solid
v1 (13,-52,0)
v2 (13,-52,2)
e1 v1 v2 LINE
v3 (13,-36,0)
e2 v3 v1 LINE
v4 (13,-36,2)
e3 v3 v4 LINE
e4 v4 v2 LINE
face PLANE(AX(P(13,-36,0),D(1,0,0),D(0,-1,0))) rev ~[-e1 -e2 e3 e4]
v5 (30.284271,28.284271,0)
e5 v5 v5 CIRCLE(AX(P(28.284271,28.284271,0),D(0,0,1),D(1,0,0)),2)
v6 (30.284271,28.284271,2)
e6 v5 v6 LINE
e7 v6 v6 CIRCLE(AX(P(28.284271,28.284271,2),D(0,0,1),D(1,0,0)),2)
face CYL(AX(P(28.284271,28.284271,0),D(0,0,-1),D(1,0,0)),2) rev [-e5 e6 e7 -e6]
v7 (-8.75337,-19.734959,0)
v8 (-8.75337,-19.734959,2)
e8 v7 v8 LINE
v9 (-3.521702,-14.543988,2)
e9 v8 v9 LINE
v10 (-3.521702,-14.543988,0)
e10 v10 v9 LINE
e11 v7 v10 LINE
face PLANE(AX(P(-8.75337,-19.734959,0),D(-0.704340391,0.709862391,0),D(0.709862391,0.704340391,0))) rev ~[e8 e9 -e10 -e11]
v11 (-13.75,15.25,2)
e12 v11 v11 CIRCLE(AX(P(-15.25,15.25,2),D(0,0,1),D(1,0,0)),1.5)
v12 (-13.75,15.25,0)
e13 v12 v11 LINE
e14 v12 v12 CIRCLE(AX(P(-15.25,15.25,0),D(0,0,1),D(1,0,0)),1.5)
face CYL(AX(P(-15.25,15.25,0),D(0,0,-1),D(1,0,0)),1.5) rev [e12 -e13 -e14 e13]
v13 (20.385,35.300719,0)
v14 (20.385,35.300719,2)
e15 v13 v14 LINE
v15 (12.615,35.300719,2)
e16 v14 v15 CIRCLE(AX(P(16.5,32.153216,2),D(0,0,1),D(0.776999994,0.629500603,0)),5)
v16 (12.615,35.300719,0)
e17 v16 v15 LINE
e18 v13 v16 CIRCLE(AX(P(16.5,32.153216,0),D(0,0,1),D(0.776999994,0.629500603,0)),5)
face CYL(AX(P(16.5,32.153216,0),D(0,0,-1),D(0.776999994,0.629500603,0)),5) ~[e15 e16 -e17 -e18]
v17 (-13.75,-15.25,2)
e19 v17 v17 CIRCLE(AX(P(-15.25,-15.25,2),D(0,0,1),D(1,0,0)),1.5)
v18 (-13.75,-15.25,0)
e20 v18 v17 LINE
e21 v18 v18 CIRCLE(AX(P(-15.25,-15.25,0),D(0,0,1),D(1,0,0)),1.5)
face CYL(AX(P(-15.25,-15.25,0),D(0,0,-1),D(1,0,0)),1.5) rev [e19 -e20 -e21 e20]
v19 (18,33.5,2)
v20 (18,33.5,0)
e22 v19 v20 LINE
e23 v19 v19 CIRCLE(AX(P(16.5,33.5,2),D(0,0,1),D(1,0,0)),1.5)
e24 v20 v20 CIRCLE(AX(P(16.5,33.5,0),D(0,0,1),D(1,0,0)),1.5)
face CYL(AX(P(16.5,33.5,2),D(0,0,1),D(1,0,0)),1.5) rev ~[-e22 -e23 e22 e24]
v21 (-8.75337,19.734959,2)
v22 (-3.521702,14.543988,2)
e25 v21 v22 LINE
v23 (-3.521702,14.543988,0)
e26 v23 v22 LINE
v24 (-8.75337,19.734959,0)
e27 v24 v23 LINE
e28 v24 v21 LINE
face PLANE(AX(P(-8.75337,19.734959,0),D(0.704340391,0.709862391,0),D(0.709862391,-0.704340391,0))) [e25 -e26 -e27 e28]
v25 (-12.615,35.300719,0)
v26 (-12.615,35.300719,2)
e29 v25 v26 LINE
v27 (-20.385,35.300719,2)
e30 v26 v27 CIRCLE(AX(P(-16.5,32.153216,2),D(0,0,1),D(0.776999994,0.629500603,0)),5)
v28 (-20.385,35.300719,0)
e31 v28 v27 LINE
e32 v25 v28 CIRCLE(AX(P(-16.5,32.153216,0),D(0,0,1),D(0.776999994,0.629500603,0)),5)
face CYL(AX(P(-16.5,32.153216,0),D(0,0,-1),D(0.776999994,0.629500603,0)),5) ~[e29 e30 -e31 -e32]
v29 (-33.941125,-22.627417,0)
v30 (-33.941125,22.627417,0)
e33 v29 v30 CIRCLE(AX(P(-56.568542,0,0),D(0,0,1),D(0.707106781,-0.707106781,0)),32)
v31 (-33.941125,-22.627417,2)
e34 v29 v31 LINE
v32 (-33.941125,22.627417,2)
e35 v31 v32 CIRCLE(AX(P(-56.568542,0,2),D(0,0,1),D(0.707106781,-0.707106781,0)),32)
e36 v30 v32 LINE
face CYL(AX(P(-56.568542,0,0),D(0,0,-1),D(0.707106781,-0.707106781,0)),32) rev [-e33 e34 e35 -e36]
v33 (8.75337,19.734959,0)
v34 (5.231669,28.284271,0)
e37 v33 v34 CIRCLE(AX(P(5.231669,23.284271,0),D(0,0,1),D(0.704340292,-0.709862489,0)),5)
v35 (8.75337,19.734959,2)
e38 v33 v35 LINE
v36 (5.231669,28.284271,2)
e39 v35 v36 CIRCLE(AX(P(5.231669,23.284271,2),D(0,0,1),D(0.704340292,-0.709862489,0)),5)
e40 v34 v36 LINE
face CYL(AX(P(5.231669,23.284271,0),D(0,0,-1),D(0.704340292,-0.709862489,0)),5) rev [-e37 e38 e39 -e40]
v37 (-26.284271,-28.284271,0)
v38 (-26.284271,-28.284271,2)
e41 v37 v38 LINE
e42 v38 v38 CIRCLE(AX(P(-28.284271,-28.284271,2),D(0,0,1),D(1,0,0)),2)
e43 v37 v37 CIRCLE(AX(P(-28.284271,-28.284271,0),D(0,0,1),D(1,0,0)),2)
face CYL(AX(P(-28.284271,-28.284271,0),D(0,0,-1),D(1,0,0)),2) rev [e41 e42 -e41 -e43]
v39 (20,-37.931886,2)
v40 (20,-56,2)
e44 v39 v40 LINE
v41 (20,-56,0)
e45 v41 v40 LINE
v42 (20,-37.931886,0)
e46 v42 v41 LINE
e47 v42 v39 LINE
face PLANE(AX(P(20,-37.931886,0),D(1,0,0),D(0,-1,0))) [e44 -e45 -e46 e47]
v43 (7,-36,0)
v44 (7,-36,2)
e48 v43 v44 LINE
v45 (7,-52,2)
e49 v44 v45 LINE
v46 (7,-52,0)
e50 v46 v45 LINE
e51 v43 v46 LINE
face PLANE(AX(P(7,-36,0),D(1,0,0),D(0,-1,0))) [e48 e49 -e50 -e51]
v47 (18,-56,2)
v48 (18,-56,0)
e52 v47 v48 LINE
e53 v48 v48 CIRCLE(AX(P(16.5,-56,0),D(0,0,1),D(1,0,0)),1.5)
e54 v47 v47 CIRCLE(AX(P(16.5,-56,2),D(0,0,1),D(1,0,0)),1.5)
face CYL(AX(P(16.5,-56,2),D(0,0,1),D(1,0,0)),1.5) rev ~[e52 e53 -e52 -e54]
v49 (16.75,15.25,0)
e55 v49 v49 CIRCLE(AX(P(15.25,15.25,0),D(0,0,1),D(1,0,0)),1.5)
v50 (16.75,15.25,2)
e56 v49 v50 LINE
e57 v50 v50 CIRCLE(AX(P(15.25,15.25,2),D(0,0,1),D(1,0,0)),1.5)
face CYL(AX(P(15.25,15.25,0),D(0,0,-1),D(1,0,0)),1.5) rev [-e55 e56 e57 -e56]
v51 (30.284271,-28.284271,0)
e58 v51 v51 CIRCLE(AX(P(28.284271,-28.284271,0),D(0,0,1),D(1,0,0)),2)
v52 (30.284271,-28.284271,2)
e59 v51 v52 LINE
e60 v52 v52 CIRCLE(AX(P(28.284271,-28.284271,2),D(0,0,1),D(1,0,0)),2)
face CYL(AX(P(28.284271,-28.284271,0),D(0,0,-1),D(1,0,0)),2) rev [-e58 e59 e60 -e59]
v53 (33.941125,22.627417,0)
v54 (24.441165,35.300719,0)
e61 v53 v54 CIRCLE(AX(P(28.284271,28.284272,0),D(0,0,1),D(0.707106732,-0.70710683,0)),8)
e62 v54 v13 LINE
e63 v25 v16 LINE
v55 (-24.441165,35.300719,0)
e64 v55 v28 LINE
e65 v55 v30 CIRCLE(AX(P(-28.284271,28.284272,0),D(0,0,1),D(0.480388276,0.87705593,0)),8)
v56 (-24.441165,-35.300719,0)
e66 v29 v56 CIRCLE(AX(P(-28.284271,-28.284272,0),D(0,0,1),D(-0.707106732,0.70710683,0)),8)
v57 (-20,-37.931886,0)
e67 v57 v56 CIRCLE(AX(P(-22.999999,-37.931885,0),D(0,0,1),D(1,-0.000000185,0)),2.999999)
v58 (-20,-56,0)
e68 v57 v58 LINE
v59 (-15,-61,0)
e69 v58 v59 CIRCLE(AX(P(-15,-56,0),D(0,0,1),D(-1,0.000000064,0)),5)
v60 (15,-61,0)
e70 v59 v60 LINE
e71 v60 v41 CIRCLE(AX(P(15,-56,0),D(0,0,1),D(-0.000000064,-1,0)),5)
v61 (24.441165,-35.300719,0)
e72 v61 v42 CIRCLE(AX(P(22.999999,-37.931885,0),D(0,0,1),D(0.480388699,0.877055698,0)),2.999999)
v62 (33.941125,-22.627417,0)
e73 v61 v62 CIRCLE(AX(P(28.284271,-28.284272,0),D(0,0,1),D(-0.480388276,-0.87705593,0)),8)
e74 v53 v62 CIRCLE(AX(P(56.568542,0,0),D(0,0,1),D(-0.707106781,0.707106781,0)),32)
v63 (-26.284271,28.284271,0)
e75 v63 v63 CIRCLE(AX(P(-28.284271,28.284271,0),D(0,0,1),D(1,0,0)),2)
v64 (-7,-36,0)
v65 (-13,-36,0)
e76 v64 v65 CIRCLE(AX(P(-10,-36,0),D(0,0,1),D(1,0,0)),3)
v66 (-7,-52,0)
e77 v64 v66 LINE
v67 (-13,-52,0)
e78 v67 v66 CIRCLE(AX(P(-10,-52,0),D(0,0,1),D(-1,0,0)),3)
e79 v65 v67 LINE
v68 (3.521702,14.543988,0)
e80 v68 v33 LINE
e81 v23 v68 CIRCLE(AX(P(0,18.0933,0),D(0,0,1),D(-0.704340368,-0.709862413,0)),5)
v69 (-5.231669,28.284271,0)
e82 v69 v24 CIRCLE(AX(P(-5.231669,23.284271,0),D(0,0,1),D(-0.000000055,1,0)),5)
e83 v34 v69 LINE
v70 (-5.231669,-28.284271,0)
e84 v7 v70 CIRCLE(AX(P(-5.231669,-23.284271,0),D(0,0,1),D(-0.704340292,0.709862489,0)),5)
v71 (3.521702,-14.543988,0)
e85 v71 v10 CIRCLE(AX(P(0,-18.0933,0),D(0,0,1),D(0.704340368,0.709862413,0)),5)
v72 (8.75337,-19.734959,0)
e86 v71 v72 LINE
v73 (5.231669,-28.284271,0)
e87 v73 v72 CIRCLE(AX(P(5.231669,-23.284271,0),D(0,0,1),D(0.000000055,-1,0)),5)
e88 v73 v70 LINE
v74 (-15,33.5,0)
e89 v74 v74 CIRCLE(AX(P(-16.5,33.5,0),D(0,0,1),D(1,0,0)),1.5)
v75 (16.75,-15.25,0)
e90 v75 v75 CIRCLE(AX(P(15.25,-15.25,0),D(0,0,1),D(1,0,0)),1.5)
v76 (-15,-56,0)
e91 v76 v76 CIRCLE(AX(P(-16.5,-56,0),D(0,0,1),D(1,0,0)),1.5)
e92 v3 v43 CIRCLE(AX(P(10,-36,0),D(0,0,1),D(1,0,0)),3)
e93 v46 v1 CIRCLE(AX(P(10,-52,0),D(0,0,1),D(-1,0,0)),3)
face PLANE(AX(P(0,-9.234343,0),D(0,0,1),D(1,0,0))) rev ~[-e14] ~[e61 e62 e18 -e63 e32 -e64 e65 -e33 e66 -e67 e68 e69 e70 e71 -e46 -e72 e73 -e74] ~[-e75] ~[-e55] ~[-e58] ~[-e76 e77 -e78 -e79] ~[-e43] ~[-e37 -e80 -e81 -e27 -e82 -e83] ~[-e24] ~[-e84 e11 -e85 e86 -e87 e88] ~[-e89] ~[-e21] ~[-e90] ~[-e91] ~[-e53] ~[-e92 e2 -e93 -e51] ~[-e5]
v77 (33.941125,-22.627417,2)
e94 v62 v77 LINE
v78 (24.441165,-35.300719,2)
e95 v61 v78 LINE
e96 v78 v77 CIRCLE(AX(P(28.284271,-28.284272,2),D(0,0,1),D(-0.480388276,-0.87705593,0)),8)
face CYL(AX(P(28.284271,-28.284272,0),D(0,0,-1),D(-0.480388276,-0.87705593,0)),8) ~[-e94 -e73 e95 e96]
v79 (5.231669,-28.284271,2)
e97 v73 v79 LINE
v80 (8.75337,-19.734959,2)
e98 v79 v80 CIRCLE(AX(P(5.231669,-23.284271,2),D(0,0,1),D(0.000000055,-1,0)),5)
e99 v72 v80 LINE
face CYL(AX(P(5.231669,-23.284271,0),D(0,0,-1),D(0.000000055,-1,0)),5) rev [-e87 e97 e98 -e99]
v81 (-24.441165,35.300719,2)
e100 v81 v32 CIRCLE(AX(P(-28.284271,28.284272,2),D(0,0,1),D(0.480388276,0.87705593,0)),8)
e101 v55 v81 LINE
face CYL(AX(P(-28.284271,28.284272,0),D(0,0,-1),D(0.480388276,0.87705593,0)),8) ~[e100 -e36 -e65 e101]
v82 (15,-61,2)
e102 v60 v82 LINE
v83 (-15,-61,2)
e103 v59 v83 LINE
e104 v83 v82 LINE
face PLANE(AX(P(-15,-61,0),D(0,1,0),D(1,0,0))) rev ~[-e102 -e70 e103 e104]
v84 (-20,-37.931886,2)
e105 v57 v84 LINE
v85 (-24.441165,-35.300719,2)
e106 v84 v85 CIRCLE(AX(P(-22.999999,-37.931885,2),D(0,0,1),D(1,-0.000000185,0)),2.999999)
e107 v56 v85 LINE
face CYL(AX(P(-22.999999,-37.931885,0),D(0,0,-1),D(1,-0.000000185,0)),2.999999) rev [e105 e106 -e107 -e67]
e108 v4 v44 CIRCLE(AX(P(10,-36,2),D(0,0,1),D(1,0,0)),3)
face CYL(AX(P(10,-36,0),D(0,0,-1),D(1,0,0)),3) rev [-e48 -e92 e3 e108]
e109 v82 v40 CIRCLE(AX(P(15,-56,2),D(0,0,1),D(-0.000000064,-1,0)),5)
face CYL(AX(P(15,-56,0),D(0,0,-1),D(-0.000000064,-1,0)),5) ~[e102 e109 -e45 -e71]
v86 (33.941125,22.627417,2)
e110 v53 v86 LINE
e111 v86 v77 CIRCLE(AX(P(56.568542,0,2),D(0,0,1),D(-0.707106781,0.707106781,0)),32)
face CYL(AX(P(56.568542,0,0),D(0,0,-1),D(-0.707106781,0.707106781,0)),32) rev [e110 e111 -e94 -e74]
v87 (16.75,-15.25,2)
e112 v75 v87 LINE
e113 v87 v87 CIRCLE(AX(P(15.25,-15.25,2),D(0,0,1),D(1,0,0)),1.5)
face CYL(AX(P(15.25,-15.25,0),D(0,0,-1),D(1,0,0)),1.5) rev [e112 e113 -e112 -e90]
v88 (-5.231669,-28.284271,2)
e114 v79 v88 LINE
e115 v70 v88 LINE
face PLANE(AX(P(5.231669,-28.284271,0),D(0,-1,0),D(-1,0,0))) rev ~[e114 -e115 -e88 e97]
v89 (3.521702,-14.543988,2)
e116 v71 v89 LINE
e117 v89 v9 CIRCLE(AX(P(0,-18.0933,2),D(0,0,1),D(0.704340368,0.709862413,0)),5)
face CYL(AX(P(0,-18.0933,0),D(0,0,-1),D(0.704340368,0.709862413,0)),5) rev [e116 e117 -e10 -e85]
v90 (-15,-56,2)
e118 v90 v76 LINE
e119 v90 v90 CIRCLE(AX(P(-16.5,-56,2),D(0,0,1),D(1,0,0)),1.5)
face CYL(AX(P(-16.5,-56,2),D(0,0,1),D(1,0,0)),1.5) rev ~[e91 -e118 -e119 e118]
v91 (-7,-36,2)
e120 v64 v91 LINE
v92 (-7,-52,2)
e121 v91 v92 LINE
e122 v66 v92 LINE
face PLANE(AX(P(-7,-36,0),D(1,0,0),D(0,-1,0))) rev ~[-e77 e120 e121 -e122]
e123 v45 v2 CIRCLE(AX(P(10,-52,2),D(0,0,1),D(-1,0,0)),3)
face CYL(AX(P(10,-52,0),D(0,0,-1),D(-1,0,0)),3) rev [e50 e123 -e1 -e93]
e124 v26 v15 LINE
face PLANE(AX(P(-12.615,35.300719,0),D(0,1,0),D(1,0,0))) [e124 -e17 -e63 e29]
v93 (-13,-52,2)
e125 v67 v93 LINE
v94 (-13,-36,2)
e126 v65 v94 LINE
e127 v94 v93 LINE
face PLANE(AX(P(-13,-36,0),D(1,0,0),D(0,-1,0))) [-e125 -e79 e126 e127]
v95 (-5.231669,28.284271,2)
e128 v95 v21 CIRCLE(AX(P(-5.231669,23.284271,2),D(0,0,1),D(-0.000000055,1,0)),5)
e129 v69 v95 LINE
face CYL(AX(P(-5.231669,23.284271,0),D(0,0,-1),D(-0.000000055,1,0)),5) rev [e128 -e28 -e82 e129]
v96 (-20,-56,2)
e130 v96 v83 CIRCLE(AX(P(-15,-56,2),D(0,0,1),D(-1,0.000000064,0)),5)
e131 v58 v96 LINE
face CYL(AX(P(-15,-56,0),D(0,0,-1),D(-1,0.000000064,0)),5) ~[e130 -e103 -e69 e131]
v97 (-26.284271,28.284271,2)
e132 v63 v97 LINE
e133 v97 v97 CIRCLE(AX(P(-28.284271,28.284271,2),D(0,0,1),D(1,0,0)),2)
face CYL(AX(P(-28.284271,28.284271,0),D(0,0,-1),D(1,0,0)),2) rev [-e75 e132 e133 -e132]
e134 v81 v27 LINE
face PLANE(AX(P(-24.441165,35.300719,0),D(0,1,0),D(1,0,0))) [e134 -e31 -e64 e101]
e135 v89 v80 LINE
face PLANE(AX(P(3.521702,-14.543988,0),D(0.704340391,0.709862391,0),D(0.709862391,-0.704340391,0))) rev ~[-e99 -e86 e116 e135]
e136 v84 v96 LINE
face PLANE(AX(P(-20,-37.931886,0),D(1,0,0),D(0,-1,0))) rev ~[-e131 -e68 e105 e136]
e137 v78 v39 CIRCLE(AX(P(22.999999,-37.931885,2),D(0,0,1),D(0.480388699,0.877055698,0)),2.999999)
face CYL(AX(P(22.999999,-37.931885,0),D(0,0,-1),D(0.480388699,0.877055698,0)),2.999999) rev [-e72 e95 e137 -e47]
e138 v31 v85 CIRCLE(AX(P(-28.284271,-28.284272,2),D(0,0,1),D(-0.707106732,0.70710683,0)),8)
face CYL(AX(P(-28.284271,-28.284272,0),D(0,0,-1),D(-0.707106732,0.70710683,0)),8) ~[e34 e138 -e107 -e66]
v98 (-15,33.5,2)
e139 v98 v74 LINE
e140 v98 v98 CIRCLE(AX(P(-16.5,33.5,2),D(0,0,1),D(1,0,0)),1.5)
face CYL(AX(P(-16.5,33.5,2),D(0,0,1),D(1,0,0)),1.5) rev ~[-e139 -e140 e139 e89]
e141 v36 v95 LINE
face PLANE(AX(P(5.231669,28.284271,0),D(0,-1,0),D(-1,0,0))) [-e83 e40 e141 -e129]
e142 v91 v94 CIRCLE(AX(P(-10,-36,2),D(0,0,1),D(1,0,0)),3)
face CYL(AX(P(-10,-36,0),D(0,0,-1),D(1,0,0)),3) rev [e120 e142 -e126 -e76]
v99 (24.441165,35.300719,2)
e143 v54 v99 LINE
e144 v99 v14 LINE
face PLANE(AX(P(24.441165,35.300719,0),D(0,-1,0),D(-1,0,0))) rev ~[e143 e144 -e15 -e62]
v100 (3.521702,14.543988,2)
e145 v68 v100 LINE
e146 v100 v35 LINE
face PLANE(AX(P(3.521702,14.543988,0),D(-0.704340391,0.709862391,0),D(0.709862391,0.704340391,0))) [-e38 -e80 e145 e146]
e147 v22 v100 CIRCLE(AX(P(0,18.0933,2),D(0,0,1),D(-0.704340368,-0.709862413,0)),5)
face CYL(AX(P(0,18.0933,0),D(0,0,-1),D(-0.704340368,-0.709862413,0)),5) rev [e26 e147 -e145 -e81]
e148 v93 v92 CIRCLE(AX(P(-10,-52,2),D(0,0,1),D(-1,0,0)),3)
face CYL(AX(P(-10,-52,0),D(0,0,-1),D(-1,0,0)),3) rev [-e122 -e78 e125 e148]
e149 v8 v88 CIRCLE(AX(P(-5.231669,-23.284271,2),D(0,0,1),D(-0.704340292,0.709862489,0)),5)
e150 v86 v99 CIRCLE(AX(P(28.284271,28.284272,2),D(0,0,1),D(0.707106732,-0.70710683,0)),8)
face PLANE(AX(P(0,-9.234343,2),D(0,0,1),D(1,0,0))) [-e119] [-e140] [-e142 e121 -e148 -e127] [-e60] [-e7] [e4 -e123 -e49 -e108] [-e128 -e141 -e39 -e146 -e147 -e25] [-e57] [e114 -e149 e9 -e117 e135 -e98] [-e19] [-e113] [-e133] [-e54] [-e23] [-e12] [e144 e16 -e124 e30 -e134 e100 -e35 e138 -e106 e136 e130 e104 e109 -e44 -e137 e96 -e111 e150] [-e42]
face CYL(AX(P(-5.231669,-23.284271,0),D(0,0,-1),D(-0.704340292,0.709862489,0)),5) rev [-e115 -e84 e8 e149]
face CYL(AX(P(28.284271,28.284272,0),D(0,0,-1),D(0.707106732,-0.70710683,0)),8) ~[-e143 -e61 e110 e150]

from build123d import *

# Parameters (mm, degrees)
SKETCH_R     = 2
SKETCH_R_2   = 1.5
PAD_DEPTH    = 2
SKETCH001_R  = 1.5
POCKET_DEPTH = 2.001


with BuildPart() as part:
    # Sketch → Pad (new body)
    with BuildSketch(Plane.XY):
        with BuildLine():
            Line((-20, -37.931886), (-20, -56))
            ThreePointArc((-20, -56), (-18.535534, -59.535534), (-15, -61))
            Line((-15, -61), (15, -61))
            ThreePointArc((15, -61), (18.535534, -59.535534), (20, -56))
            Line((20, -37.931886), (20, -56))
            ThreePointArc((24.441165, -35.300719), (21.470865, -35.35085), (20, -37.931886))
            ThreePointArc((24.441165, -35.300719), (34.685487, -33.08265), (33.941125, -22.627417))
            ThreePointArc((33.941125, 22.627417), (24.568542, 0), (33.941125, -22.627417))
            ThreePointArc((33.941125, 22.627417), (34.685487, 33.08265), (24.441165, 35.300719))
            Line((24.441165, 35.300719), (20.385, 35.300719))
            ThreePointArc((20.385, 35.300719), (16.5, 37.153216), (12.615, 35.300719))
            Line((-12.615, 35.300719), (12.615, 35.300719))
            ThreePointArc((-12.615, 35.300719), (-16.5, 37.153216), (-20.385, 35.300719))
            Line((-24.441165, 35.300719), (-20.385, 35.300719))
            ThreePointArc((-24.441165, 35.300719), (-34.685487, 33.08265), (-33.941125, 22.627417))
            ThreePointArc((-33.941125, -22.627417), (-24.568542, 0), (-33.941125, 22.627417))
            ThreePointArc((-33.941125, -22.627417), (-34.685487, -33.08265), (-24.441165, -35.300719))
            ThreePointArc((-20, -37.931886), (-21.470865, -35.35085), (-24.441165, -35.300719))
        make_face()
        with Locations((28.284271, 28.284271)):
            Circle(SKETCH_R, mode=Mode.SUBTRACT)
        with Locations((28.284271, -28.284271)):
            Circle(SKETCH_R, mode=Mode.SUBTRACT)
        with Locations((-28.284271, -28.284271)):
            Circle(SKETCH_R, mode=Mode.SUBTRACT)
        with Locations((-28.284271, 28.284271)):
            Circle(SKETCH_R, mode=Mode.SUBTRACT)
        with Locations((15.25, 15.25)):
            Circle(SKETCH_R_2, mode=Mode.SUBTRACT)
        with Locations((-15.25, 15.25)):
            Circle(SKETCH_R_2, mode=Mode.SUBTRACT)
        with Locations((-15.25, -15.25)):
            Circle(SKETCH_R_2, mode=Mode.SUBTRACT)
        with Locations((15.25, -15.25)):
            Circle(SKETCH_R_2, mode=Mode.SUBTRACT)
        with BuildLine():
            ThreePointArc((-7, -36), (-10, -33), (-13, -36))
            Line((-13, -36), (-13, -52))
            ThreePointArc((-13, -52), (-10, -55), (-7, -52))
            Line((-7, -36), (-7, -52))
        make_face(mode=Mode.SUBTRACT)
        with BuildLine():
            ThreePointArc((13, -36), (10, -33), (7, -36))
            Line((7, -36), (7, -52))
            ThreePointArc((7, -52), (10, -55), (13, -52))
            Line((13, -36), (13, -52))
        make_face(mode=Mode.SUBTRACT)
        with BuildLine():
            Line((-8.75337, 19.734959), (-3.521702, 14.543988))
            ThreePointArc((-3.521702, 14.543988), (0, 13.0933), (3.521702, 14.543988))
            Line((3.521702, 14.543988), (8.75337, 19.734959))
            ThreePointArc((8.75337, 19.734959), (9.854793, 25.188666), (5.231669, 28.284271))
            Line((5.231669, 28.284271), (-5.231669, 28.284271))
            ThreePointArc((-5.231669, 28.284271), (-9.854793, 25.188666), (-8.75337, 19.734959))
        make_face(mode=Mode.SUBTRACT)
        with BuildLine():
            Line((3.521702, -14.543988), (8.75337, -19.734959))
            ThreePointArc((5.231669, -28.284271), (9.854793, -25.188666), (8.75337, -19.734959))
            Line((5.231669, -28.284271), (-5.231669, -28.284271))
            ThreePointArc((-8.75337, -19.734959), (-9.854793, -25.188666), (-5.231669, -28.284271))
            Line((-8.75337, -19.734959), (-3.521702, -14.543988))
            ThreePointArc((3.521702, -14.543988), (0, -13.0933), (-3.521702, -14.543988))
        make_face(mode=Mode.SUBTRACT)
    extrude(amount=PAD_DEPTH)

    # Sketch001 → Pocket (cut, through all)
    with BuildSketch(Plane.XY.offset(2)):
        with Locations((-16.5, 33.5)):
            Circle(SKETCH001_R)
        with Locations((16.5, 33.5)):
            Circle(SKETCH001_R)
        with Locations((16.5, -56)):
            Circle(SKETCH001_R)
        with Locations((-16.5, -56)):
            Circle(SKETCH001_R)
    extrude(amount=-POCKET_DEPTH, mode=Mode.SUBTRACT)


solid = part.part
